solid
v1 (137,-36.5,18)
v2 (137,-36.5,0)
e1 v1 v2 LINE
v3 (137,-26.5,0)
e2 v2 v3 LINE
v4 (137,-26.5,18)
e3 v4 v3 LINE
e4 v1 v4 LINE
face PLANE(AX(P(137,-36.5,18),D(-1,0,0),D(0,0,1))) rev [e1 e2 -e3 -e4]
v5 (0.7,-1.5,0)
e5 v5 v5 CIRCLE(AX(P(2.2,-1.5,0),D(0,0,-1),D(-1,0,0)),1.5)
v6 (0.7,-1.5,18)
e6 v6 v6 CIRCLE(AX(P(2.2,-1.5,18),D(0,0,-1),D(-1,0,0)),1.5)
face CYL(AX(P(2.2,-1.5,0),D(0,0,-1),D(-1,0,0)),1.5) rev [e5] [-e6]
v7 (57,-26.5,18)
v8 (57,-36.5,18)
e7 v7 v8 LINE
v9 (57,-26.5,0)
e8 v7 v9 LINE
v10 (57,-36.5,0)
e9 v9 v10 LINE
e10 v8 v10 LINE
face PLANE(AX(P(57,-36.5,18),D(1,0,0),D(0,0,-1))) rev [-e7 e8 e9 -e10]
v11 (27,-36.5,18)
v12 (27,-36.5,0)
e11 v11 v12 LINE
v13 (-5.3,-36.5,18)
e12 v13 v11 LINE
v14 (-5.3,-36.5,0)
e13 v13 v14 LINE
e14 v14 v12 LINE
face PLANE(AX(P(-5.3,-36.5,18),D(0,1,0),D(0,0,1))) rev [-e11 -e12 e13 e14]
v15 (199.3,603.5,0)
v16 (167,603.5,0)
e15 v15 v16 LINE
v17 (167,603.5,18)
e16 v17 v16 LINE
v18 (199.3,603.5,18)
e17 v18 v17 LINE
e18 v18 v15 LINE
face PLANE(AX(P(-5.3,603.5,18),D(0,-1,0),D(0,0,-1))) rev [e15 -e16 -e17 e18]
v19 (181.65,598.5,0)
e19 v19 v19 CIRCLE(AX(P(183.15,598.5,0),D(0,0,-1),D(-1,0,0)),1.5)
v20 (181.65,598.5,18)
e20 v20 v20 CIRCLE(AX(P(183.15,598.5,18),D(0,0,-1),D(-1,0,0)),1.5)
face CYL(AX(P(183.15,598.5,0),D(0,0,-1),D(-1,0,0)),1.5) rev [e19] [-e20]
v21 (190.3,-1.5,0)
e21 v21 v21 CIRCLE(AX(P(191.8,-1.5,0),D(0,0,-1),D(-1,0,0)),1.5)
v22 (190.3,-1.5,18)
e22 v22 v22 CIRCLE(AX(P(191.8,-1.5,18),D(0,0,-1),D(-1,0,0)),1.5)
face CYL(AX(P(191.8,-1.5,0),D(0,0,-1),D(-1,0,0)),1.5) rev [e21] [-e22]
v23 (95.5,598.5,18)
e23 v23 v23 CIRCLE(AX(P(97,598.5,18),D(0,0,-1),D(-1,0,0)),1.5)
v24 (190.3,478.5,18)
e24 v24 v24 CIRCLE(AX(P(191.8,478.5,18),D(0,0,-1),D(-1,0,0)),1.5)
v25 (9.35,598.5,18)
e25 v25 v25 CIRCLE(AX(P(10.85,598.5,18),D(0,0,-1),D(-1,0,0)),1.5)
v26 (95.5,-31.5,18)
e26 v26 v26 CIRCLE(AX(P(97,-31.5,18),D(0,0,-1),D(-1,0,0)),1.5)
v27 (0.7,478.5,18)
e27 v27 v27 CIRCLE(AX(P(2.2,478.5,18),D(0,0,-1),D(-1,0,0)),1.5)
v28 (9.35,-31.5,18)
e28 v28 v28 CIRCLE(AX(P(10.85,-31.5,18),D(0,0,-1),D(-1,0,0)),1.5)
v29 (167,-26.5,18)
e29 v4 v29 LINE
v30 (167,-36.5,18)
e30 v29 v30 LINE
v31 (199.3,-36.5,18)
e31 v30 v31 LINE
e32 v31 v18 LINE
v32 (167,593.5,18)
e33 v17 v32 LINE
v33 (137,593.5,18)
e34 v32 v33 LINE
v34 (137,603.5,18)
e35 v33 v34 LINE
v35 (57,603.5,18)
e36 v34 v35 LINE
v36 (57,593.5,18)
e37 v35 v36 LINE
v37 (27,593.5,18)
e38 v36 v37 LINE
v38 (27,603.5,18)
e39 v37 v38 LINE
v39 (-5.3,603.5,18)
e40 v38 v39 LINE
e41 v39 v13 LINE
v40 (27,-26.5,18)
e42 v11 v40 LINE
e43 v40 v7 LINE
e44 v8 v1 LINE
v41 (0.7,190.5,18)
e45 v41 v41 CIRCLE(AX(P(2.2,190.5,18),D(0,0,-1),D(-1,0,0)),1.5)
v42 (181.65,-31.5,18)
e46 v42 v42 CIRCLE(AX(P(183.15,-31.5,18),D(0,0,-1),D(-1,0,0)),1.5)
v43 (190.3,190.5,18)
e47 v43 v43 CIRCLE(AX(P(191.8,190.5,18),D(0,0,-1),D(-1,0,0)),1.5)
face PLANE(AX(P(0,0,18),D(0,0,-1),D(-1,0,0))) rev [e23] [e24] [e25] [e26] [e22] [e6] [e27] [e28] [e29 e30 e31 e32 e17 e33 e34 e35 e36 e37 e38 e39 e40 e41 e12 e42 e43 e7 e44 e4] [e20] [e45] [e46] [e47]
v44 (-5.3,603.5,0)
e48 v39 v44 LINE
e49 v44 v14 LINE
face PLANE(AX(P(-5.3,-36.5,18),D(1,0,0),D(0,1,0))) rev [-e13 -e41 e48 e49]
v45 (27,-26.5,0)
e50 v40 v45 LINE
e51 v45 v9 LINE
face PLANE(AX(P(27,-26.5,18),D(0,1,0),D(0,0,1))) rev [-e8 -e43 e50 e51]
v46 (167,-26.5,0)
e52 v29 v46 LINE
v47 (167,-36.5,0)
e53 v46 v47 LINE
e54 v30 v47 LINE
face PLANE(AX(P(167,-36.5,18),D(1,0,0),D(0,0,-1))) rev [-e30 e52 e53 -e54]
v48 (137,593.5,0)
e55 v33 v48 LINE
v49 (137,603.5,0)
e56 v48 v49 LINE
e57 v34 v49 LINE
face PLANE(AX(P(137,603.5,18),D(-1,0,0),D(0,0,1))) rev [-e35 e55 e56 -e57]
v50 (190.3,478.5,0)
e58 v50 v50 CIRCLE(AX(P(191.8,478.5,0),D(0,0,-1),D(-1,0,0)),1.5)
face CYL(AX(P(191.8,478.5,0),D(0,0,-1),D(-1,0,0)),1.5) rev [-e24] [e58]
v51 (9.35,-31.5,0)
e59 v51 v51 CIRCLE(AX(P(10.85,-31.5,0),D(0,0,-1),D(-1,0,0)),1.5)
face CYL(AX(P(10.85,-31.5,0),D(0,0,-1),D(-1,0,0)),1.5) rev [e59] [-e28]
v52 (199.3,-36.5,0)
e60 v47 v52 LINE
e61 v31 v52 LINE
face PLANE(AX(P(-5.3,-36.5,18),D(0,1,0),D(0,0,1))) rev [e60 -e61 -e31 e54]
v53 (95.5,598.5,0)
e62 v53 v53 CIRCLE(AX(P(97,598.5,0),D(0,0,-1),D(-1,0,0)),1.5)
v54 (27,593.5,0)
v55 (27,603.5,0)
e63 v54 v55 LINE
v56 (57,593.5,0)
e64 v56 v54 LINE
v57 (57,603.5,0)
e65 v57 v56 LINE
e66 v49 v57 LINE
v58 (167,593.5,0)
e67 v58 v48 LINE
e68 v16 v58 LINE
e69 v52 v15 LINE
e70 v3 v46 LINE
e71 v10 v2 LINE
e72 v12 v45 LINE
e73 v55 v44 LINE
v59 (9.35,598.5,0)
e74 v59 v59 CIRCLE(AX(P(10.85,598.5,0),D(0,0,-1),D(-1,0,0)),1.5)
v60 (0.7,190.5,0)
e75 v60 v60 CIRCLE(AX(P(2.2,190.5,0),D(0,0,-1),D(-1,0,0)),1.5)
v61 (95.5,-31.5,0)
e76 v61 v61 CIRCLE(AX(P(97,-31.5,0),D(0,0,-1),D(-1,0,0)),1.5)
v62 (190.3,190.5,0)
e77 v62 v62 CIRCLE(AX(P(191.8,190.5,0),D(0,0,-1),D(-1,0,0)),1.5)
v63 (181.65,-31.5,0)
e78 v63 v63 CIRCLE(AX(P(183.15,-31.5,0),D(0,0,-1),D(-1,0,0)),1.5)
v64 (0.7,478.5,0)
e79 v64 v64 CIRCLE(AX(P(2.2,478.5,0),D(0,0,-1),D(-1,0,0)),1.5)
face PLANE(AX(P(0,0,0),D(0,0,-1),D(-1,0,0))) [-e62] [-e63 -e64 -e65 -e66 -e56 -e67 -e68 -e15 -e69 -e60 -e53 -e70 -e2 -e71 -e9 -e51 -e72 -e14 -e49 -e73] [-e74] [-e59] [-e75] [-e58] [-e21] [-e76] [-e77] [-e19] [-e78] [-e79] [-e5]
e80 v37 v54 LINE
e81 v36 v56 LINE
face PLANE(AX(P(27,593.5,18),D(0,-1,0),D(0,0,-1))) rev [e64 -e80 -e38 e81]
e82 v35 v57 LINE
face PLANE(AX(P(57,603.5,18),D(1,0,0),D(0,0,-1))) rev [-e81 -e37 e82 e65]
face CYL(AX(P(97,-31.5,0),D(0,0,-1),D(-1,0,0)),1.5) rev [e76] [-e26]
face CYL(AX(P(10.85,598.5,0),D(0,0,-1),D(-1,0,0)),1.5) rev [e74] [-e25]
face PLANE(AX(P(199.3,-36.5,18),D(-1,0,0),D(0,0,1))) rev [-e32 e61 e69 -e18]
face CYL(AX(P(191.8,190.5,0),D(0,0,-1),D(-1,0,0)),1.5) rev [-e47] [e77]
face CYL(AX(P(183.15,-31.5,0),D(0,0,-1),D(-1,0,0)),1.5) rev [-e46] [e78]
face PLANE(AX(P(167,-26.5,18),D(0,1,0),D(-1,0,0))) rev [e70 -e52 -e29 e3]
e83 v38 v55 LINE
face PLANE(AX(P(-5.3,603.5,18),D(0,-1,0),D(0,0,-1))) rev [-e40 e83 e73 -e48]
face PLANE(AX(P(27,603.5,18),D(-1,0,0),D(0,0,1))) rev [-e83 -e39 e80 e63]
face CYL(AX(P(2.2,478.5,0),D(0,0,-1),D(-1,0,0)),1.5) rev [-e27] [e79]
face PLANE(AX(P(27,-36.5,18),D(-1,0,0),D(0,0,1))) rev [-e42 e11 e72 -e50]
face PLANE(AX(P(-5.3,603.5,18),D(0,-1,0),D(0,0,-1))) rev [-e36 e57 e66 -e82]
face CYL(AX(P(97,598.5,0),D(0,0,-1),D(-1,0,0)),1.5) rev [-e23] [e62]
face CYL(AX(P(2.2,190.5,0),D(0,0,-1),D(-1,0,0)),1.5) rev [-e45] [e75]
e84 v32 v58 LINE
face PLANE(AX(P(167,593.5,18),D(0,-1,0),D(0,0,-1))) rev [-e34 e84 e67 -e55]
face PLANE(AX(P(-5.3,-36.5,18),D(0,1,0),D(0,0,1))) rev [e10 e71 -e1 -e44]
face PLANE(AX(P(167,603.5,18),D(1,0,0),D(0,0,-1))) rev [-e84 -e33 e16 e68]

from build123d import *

# Parameters (mm, degrees)
SKETCH1_W                = 204.6
SKETCH1_H                = 640
BOSS_EXTRUDE1_DEPTH      = 18
SKETCH4_W                = 30
SKETCH4_H                = 10
CUT_EXTRUDE1_DEPTH       = 18
F_3_0_3_DIAMETER_HOLE3_D = 3
F_3_0_3_DIAMETER_HOLE5_D = 3


with BuildPart() as part:
    # Sketch1 → Boss-Extrude1 (new body)
    with BuildSketch(Plane.XY):
        with Locations((97, 283.5)):
            Rectangle(SKETCH1_W, SKETCH1_H)
    extrude(amount=BOSS_EXTRUDE1_DEPTH)

    # Sketch4 → Cut-Extrude1 (cut)
    with BuildSketch(Plane(origin=(0, 0, 0), x_dir=(-1, 0, 0), z_dir=(0, 0, -1))):
        with Locations((-42, -31.5)):
            Rectangle(SKETCH4_W, SKETCH4_H)
        with Locations((-152, -31.5)):
            Rectangle(SKETCH4_W, SKETCH4_H)
        with Locations((-42, 598.5)):
            Rectangle(SKETCH4_W, SKETCH4_H)
        with Locations((-152, 598.5)):
            Rectangle(SKETCH4_W, SKETCH4_H)
    extrude(amount=-CUT_EXTRUDE1_DEPTH, mode=Mode.SUBTRACT)

    # Ø3.0 (3) Diameter Hole3 (through all)
    with Locations(Plane(origin=(0, 0, 0), x_dir=(-1, 0, 0), z_dir=(0, 0, -1))):
        with Locations((-2.2, 190.5), (-2.2, -1.5), (-191.8, -1.5), (-191.8, 190.5), (-191.8, 478.5), (-2.2, 478.5)):
            Hole(F_3_0_3_DIAMETER_HOLE3_D / 2)

    # Ø3.0 (3) Diameter Hole5 (through all)
    with Locations(Plane(origin=(0, 0, 0), x_dir=(-1, 0, 0), z_dir=(0, 0, -1))):
        with Locations((238.536571684, 43.354956744), (-97, -31.5), (-183.15, -31.5), (-10.85, -31.5), (-10.85, 598.5), (-183.15, 598.5), (-97, 598.5)):
            Hole(F_3_0_3_DIAMETER_HOLE5_D / 2)


solid = part.part
